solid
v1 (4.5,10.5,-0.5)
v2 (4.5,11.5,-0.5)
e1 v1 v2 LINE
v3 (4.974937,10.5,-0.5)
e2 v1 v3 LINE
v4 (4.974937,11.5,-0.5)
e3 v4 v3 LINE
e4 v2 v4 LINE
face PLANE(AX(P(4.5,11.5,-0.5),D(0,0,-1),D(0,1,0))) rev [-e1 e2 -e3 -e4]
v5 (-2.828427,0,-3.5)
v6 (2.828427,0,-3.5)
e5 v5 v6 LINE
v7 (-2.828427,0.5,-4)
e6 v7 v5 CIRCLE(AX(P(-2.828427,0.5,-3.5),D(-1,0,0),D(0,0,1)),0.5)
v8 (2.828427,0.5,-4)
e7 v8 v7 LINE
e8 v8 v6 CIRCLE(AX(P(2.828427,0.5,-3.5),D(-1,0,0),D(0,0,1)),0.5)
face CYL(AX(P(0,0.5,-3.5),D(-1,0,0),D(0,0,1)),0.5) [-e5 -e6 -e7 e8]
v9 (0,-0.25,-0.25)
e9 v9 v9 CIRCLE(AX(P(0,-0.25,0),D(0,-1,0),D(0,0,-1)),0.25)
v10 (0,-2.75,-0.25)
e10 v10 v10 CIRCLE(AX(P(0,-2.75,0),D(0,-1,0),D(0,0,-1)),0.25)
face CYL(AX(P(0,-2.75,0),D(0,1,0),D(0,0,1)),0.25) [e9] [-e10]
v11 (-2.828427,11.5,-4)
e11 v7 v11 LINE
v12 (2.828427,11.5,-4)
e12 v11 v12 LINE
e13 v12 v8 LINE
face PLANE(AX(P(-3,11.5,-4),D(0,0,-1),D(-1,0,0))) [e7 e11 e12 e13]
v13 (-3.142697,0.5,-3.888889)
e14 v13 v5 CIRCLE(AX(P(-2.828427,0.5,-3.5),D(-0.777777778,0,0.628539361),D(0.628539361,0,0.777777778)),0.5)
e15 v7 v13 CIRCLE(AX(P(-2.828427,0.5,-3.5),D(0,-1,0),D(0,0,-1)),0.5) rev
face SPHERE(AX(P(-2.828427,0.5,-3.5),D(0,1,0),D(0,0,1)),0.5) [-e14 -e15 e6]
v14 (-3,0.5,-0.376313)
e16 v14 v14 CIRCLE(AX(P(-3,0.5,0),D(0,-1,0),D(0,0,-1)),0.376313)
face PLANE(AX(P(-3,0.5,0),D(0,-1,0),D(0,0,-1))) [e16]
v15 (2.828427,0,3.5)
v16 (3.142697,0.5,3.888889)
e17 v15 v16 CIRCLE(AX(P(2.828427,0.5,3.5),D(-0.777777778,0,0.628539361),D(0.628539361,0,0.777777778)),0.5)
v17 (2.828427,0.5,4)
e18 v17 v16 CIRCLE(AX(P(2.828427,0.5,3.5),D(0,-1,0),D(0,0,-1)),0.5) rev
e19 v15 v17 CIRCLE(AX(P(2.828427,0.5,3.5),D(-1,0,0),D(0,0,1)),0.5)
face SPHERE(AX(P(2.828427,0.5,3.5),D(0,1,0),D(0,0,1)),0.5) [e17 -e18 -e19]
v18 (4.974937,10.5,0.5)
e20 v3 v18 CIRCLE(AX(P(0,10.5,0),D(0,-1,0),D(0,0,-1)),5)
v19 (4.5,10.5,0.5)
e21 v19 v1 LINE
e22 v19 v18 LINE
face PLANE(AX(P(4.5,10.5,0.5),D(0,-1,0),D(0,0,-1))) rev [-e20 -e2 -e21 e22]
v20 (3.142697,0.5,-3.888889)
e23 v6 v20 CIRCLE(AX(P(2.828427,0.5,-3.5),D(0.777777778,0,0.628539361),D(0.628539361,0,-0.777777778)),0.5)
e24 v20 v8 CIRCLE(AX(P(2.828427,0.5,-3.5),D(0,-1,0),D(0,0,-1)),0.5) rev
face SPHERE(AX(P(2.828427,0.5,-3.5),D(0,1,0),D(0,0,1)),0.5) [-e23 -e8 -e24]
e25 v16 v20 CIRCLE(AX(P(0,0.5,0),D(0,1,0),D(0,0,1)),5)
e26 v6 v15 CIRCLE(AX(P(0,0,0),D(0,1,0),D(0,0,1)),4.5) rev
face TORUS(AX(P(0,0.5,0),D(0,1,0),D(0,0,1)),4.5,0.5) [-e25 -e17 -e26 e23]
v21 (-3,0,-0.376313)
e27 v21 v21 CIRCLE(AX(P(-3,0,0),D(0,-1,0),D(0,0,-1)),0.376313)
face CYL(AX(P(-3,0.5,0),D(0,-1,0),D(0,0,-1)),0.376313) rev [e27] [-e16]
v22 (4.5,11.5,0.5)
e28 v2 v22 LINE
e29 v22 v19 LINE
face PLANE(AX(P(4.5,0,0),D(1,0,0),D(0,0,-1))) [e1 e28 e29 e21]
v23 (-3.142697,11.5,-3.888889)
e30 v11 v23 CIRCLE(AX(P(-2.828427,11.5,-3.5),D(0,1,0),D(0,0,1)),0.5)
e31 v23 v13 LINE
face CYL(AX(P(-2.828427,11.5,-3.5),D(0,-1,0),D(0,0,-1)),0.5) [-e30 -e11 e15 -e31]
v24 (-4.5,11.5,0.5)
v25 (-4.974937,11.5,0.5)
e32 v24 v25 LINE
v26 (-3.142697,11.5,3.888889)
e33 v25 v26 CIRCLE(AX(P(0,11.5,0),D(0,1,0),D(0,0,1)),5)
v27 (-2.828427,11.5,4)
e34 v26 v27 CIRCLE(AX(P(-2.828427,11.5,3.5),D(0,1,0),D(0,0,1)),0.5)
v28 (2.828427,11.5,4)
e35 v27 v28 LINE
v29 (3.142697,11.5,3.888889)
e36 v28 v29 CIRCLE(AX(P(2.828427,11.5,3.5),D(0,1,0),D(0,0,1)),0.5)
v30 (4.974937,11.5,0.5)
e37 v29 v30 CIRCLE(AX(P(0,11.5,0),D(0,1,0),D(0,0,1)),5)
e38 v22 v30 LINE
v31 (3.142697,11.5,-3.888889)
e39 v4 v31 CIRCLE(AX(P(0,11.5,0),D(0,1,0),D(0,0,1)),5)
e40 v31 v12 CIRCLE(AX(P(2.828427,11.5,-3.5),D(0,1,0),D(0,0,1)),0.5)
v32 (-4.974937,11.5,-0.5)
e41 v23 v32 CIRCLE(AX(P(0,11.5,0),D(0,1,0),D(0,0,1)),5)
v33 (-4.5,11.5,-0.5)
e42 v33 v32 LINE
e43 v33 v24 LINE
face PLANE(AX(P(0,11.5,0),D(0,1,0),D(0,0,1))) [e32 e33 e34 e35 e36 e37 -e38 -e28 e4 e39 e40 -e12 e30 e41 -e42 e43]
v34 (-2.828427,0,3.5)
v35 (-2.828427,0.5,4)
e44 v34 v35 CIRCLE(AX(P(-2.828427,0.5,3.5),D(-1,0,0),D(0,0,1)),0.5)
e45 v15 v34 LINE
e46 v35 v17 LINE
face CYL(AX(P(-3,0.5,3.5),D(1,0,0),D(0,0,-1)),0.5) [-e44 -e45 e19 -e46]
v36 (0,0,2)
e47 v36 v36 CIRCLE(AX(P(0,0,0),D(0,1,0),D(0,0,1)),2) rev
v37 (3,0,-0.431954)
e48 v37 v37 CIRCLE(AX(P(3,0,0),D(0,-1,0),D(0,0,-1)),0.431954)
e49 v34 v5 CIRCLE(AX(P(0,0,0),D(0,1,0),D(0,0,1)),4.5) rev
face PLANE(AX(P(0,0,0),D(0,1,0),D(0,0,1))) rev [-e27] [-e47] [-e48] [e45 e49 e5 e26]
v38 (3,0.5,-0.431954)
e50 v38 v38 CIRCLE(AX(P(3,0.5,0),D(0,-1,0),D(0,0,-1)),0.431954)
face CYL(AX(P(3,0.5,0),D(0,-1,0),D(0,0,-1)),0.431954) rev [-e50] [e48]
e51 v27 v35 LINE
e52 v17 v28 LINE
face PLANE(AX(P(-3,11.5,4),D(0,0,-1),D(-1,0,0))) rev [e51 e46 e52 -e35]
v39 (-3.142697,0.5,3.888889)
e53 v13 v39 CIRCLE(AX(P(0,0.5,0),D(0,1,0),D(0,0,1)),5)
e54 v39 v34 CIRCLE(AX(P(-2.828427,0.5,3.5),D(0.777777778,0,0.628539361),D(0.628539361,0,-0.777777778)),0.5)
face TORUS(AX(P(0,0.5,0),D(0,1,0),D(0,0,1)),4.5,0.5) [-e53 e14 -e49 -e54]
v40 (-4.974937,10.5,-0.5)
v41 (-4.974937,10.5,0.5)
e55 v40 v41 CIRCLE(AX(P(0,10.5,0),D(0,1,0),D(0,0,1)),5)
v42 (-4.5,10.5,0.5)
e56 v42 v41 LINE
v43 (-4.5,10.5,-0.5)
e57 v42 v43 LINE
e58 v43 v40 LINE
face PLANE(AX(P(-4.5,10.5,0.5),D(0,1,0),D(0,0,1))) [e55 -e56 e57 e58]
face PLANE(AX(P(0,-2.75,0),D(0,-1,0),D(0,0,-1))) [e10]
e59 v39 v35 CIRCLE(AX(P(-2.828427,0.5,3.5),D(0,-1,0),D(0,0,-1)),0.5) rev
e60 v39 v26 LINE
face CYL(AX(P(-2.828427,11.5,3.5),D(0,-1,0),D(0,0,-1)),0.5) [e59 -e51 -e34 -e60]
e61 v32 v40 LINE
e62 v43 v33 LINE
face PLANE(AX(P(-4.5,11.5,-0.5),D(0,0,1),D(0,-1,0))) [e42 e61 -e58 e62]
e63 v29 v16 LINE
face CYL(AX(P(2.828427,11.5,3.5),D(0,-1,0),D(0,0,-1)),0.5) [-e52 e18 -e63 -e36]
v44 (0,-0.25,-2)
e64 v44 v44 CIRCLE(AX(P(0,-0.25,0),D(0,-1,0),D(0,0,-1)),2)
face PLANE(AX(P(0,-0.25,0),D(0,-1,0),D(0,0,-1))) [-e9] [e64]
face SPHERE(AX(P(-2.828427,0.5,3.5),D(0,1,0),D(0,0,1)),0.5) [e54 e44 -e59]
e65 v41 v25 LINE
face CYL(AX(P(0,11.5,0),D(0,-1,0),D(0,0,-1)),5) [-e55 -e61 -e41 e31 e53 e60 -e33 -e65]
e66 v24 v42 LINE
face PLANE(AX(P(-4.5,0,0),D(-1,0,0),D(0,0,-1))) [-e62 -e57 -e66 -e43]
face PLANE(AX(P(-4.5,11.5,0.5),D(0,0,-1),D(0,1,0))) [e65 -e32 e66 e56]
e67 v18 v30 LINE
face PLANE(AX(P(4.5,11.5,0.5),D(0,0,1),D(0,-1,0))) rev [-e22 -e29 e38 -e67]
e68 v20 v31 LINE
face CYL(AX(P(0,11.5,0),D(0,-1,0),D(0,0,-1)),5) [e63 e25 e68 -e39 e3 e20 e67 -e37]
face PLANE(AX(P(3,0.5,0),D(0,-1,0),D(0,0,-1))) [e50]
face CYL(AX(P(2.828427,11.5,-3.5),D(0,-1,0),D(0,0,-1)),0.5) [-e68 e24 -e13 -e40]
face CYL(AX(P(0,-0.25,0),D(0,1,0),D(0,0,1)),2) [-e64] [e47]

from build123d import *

# Parameters (mm, degrees)
BOSS_EXTRUDE1_DEPTH = 11.5
SKETCH3_W           = 1
SKETCH3_H           = 1
CUT_EXTRUDE1_DEPTH  = 0.5
FILLET1_R           = 0.5
FILLET2_R           = 0.5
SKETCH4_R           = 2
BOSS_EXTRUDE3_DEPTH = 0.25
SKETCH5_R           = 0.25
BOSS_EXTRUDE4_DEPTH = 2.5
SKETCH6_R           = 0.376312749
SKETCH6_R_2         = 0.431953985
CUT_EXTRUDE2_DEPTH  = 0.5


with BuildPart() as part:
    # Sketch1 → Boss-Extrude1 (new body)
    with BuildSketch(Plane(origin=(0, 0, 0), x_dir=(1, 0, 0), z_dir=(0, 1, 0))):
        with BuildLine():
            Line((-3, 4), (3, 4))
            ThreePointArc((3, 4), (5, 0), (3, -4))
            Line((3, -4), (-3, -4))
            ThreePointArc((-3, -4), (-5, 0), (-3, 4))
        make_face()
    extrude(amount=BOSS_EXTRUDE1_DEPTH)

    # Sketch3 → Cut-Extrude1 (cut)
    with BuildSketch(Plane(origin=(5, 0, 0), x_dir=(0, 0, -1), z_dir=(1, 0, 0))):
        with Locations((0, 11)):
            Rectangle(SKETCH3_W, SKETCH3_H)
    cut_extrude1 = extrude(amount=-CUT_EXTRUDE1_DEPTH, mode=Mode.SUBTRACT)

    # Mirror1: Cut-Extrude1 across plane
    add(cut_extrude1.mirror(Plane(origin=(0, 0, 0), x_dir=(0, 0, 1), z_dir=(1, 0, 0))), mode=Mode.SUBTRACT)

    # Fillet1
    fillet1_edges = [part.edges().sort_by_distance(p)[0] for p in [
        (-3, 5.75, -4),
        (-3, 5.75, 4),
        (3, 5.75, 4),
        (3, 5.75, -4),
    ]]
    fillet(fillet1_edges, radius=FILLET1_R)

    # Fillet2
    fillet2_edges = [part.edges().sort_by_distance(p)[0] for p in [
        (-5, 0, 0),
        (0, 0, -4),
        (5, 0, 0),
        (0, 0, 4),
        (2.995093791, 0, 3.971404521),
        (-2.995093791, 0, 3.971404521),
        (2.995093791, 0, -3.971404521),
        (-2.995093791, 0, -3.971404521),
    ]]
    fillet(fillet2_edges, radius=FILLET2_R)

    # Sketch4 → Boss-Extrude3 (add)
    with BuildSketch(Plane.XZ):
        Circle(SKETCH4_R)
    extrude(amount=BOSS_EXTRUDE3_DEPTH)

    # Sketch5 → Boss-Extrude4 (add)
    with BuildSketch(Plane.XZ.offset(0.25)):
        Circle(SKETCH5_R)
    extrude(amount=BOSS_EXTRUDE4_DEPTH)

    # Sketch6 → Cut-Extrude2 (cut)
    with BuildSketch(Plane.XZ):
        with Locations((-3, 0)):
            Circle(SKETCH6_R)
        with Locations((3, 0)):
            Circle(SKETCH6_R_2)
    extrude(amount=-CUT_EXTRUDE2_DEPTH, mode=Mode.SUBTRACT)


solid = part.part
